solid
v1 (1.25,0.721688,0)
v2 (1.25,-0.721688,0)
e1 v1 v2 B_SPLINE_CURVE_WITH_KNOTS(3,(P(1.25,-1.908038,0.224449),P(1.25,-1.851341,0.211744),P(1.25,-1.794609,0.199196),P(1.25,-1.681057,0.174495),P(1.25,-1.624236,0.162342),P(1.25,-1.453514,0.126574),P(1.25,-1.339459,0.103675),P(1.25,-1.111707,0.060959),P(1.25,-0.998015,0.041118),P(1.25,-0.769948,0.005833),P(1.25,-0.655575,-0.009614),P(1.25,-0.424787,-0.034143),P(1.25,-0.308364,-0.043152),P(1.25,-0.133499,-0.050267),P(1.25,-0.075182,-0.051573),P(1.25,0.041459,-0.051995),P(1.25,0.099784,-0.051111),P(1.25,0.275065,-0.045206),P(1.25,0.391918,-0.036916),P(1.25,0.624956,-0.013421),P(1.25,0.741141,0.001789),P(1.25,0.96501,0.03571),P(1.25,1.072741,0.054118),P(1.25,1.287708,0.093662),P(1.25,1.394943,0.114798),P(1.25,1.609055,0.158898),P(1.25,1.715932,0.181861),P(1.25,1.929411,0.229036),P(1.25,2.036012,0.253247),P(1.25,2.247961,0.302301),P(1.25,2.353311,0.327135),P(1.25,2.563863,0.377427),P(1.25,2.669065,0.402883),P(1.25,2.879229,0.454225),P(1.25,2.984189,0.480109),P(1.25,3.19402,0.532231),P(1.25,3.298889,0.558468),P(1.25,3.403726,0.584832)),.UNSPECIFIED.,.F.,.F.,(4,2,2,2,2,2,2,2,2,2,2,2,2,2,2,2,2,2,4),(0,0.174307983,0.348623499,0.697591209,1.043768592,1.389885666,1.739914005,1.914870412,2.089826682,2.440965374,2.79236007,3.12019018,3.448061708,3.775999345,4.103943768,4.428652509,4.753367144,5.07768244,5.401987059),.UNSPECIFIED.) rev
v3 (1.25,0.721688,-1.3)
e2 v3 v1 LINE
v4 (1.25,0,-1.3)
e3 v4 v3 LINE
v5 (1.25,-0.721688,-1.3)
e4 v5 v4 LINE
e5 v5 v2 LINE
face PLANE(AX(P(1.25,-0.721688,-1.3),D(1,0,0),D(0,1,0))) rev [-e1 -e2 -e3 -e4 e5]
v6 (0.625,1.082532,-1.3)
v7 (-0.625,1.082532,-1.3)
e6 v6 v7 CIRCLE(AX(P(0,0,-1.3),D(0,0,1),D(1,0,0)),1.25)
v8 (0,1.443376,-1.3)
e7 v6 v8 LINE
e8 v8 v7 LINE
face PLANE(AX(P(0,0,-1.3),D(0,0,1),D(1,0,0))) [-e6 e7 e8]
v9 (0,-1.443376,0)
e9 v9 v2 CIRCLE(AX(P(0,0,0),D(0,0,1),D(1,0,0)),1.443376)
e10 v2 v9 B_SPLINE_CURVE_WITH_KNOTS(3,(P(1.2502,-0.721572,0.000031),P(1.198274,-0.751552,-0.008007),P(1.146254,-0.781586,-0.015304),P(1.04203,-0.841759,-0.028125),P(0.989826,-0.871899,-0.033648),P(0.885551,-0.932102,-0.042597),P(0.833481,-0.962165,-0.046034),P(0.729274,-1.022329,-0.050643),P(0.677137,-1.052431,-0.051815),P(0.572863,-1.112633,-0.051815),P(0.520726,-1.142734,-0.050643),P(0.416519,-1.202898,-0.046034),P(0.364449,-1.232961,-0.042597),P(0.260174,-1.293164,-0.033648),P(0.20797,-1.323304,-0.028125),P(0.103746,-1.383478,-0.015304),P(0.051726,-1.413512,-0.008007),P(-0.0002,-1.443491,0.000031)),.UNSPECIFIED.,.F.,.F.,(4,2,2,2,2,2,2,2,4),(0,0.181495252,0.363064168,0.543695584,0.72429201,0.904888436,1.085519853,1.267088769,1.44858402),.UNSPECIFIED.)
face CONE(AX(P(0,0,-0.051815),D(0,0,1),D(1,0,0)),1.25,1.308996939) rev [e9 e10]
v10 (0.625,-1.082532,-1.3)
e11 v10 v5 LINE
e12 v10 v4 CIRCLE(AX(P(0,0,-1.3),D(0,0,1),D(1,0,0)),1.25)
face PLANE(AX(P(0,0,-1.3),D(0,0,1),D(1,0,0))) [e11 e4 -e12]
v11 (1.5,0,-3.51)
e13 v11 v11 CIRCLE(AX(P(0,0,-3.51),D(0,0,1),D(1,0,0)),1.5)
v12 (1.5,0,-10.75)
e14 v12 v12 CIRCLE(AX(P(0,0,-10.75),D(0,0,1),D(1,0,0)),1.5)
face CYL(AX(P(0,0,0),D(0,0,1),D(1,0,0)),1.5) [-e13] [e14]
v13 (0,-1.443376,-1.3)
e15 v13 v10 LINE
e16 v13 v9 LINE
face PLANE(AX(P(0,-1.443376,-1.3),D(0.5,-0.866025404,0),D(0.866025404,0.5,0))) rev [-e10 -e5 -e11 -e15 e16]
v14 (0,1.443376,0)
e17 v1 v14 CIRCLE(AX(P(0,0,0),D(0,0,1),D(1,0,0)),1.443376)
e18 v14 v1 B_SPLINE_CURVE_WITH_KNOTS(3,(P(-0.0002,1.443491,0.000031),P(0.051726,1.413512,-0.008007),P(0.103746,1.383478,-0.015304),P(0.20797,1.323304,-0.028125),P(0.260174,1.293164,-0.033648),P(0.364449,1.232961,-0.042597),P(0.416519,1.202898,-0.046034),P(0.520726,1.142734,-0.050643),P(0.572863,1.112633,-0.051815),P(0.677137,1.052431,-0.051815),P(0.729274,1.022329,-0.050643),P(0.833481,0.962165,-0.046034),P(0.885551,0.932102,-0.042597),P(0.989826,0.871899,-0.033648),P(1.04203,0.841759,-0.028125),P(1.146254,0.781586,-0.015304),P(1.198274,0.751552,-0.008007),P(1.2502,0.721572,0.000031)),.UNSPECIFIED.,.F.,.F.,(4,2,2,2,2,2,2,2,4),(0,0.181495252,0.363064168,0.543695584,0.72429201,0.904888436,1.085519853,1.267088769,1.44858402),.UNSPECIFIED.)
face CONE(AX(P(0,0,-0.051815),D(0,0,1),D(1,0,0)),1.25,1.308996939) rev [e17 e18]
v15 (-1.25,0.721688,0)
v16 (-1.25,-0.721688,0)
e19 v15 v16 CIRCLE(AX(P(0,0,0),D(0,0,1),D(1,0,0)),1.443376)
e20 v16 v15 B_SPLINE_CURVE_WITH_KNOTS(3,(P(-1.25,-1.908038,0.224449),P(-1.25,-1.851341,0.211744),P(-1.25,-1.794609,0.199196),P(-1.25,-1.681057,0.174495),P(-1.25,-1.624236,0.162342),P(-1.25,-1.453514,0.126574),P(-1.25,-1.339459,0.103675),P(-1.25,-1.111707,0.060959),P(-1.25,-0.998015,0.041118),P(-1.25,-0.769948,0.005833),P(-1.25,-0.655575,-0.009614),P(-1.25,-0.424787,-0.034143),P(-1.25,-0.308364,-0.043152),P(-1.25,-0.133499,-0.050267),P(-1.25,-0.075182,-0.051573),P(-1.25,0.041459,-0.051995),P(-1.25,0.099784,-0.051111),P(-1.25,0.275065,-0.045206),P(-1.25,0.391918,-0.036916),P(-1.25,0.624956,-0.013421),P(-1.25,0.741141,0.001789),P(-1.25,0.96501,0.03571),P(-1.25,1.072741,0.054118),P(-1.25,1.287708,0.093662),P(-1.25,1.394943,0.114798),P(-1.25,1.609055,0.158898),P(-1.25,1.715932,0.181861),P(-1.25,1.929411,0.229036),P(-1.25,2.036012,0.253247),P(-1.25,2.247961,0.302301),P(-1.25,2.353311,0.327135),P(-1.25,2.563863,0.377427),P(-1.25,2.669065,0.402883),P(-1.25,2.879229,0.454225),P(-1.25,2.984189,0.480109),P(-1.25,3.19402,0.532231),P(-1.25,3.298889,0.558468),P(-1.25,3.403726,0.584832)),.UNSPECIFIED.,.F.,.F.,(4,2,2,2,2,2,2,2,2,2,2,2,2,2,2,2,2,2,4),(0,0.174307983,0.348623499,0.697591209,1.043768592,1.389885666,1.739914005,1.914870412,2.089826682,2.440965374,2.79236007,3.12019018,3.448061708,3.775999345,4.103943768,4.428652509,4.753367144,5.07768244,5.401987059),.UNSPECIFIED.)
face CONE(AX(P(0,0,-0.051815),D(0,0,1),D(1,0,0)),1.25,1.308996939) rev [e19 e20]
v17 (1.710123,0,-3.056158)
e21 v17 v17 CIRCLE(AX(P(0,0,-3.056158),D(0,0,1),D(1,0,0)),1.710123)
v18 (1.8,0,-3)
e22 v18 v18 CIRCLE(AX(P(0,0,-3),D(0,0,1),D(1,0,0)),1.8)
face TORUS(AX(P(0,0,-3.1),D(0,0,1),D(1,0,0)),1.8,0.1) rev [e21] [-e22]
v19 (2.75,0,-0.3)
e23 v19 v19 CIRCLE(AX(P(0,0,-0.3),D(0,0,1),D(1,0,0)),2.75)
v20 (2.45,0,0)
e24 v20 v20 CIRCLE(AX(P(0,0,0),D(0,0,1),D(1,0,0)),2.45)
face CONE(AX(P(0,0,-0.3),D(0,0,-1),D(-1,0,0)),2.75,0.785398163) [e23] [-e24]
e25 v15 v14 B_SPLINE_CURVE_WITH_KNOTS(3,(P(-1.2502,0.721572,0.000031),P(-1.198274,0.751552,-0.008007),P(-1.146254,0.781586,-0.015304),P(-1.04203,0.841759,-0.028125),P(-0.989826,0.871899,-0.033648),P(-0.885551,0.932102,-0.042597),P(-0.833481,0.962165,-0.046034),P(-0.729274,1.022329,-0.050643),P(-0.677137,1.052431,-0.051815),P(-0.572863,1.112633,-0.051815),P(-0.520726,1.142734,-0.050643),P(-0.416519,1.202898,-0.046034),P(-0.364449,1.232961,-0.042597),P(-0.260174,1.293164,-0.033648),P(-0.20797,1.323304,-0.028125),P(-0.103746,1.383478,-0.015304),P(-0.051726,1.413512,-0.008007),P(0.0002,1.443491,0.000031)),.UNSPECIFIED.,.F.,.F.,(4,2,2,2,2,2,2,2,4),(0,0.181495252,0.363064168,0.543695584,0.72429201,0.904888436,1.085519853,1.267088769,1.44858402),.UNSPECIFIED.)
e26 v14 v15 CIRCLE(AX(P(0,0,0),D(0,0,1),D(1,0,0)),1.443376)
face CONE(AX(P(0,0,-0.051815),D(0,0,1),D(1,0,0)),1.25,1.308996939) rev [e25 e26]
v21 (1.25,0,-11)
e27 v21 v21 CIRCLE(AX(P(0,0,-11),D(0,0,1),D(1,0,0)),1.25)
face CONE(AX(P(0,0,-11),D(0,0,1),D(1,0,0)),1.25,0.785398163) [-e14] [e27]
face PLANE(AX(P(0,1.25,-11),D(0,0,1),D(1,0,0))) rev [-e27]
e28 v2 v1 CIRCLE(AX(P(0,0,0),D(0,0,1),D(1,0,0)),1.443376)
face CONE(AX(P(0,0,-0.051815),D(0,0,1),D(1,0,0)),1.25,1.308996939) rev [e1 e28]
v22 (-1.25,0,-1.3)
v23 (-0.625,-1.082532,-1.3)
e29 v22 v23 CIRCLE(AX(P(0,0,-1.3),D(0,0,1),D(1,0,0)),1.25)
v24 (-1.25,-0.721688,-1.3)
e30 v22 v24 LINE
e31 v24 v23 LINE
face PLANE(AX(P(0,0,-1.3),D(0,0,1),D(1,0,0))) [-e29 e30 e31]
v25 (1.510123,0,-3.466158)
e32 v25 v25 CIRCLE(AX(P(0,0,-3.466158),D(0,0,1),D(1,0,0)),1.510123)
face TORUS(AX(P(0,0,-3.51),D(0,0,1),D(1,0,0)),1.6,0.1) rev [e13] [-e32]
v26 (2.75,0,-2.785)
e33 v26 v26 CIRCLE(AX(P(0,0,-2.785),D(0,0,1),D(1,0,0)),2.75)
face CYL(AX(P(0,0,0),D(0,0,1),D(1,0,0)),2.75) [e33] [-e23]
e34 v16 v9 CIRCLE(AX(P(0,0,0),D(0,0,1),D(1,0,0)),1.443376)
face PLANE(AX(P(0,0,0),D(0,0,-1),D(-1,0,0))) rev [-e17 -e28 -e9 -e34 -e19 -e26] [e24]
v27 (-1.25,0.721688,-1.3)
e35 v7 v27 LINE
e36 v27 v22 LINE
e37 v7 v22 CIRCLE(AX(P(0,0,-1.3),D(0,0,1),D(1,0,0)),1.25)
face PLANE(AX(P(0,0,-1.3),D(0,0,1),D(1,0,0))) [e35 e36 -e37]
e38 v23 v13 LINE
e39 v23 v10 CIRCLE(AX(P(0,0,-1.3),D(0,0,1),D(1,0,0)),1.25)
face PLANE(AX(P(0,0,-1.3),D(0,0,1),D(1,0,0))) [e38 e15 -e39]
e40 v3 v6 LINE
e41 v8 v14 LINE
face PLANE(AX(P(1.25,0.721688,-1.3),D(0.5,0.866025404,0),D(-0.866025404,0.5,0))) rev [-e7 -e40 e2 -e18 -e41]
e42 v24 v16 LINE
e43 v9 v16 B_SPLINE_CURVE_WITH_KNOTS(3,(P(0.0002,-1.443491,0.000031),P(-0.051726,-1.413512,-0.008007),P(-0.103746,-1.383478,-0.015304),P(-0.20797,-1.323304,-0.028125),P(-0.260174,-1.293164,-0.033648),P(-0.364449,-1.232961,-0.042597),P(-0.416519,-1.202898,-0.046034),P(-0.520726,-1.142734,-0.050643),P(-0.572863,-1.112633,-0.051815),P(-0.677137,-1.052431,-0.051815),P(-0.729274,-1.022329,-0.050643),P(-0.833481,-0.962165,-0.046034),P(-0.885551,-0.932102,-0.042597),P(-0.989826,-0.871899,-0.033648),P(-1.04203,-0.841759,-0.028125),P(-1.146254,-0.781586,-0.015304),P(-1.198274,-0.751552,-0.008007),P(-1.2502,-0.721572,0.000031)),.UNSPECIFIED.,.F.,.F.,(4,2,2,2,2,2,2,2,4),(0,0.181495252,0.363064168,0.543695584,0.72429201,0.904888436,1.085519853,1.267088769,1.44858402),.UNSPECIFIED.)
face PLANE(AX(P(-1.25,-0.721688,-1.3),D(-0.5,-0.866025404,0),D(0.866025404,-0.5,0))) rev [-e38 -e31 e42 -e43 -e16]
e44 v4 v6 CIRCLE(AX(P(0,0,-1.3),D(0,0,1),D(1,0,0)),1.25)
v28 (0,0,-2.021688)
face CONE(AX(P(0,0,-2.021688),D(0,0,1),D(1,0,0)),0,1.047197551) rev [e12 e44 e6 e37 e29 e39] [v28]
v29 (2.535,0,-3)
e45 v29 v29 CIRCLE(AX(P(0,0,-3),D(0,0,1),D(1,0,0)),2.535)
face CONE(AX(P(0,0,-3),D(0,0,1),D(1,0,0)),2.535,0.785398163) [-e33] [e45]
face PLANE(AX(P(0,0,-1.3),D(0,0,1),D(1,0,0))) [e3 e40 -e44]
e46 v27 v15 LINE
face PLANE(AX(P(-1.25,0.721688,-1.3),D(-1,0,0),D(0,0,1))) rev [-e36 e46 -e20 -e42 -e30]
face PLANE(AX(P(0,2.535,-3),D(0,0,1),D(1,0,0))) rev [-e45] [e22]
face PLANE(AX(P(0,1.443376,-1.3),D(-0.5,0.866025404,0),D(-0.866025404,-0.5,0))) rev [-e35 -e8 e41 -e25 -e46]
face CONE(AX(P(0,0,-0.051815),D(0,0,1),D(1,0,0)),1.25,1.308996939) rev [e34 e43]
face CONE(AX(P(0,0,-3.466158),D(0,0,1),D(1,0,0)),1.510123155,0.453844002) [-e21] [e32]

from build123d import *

# Parameters (mm, degrees)
CUT_EXTRUDE1_DEPTH = 1.3


with BuildPart() as part:
    # Sketch1 → Revolve1 (revolve)
    with BuildSketch(Plane(origin=(0, 0, 0), x_dir=(0, 0, -1), z_dir=(1, 0, 0))):
        with BuildLine():
            Line((0, 0), (0, 2.45))
            Line((0, 2.45), (0.3, 2.75))
            Line((0.3, 2.75), (2.785, 2.75))
            Line((2.785, 2.75), (3, 2.535))
            Line((3, 2.535), (3, 1.8))
            ThreePointArc((3, 1.8), (3.015193643, 1.74701055), (3.056157637, 1.710123155))
            Line((3.056157637, 1.710123155), (3.466157637, 1.510123155))
            ThreePointArc((3.466157637, 1.510123155), (3.48750205, 1.50256365), (3.51, 1.5))
            Line((3.51, 1.5), (10.75, 1.5))
            Line((10.75, 1.5), (11, 1.25))
            Line((11, 1.25), (11, 0))
            Line((11, 0), (0, 0))
        make_face()
    revolve(axis=Axis((0, 0, 0), (0, 0, -1)))

    # Sketch2 → Cut-Extrude1 (cut)
    with BuildSketch(Plane.XY):
        Polygon((0, 1.443375673), (-1.25, 0.721687836), (-1.25, -0.721687836), (0, -1.443375673), (1.25, -0.721687836), (1.25, 0.721687836), align=None)
    extrude(amount=-CUT_EXTRUDE1_DEPTH, mode=Mode.SUBTRACT)

    # Sketch3 → Cut-Revolve2 (revolve, cut)
    with BuildSketch(Plane(origin=(0, 0, 0), x_dir=(0, 0, -1), z_dir=(1, 0, 0))):
        Polygon((1.3, 0), (1.3, 1.25), (2.021687836, 0), align=None)
    revolve(axis=Axis((0, 0, -1.3), (0, 0, -1)), mode=Mode.SUBTRACT)

    # Sketch4 → Cut-Revolve3 (revolve, cut)
    with BuildSketch(Plane(origin=(0, 0, 0), x_dir=(0, 0, -1), z_dir=(1, 0, 0))):
        Polygon((0, 1.443375673), (0, 1.25), (0.051814855, 1.25), align=None)
    revolve(axis=Axis((0, 0, 0), (0, 0, -1)), mode=Mode.SUBTRACT)


solid = part.part
